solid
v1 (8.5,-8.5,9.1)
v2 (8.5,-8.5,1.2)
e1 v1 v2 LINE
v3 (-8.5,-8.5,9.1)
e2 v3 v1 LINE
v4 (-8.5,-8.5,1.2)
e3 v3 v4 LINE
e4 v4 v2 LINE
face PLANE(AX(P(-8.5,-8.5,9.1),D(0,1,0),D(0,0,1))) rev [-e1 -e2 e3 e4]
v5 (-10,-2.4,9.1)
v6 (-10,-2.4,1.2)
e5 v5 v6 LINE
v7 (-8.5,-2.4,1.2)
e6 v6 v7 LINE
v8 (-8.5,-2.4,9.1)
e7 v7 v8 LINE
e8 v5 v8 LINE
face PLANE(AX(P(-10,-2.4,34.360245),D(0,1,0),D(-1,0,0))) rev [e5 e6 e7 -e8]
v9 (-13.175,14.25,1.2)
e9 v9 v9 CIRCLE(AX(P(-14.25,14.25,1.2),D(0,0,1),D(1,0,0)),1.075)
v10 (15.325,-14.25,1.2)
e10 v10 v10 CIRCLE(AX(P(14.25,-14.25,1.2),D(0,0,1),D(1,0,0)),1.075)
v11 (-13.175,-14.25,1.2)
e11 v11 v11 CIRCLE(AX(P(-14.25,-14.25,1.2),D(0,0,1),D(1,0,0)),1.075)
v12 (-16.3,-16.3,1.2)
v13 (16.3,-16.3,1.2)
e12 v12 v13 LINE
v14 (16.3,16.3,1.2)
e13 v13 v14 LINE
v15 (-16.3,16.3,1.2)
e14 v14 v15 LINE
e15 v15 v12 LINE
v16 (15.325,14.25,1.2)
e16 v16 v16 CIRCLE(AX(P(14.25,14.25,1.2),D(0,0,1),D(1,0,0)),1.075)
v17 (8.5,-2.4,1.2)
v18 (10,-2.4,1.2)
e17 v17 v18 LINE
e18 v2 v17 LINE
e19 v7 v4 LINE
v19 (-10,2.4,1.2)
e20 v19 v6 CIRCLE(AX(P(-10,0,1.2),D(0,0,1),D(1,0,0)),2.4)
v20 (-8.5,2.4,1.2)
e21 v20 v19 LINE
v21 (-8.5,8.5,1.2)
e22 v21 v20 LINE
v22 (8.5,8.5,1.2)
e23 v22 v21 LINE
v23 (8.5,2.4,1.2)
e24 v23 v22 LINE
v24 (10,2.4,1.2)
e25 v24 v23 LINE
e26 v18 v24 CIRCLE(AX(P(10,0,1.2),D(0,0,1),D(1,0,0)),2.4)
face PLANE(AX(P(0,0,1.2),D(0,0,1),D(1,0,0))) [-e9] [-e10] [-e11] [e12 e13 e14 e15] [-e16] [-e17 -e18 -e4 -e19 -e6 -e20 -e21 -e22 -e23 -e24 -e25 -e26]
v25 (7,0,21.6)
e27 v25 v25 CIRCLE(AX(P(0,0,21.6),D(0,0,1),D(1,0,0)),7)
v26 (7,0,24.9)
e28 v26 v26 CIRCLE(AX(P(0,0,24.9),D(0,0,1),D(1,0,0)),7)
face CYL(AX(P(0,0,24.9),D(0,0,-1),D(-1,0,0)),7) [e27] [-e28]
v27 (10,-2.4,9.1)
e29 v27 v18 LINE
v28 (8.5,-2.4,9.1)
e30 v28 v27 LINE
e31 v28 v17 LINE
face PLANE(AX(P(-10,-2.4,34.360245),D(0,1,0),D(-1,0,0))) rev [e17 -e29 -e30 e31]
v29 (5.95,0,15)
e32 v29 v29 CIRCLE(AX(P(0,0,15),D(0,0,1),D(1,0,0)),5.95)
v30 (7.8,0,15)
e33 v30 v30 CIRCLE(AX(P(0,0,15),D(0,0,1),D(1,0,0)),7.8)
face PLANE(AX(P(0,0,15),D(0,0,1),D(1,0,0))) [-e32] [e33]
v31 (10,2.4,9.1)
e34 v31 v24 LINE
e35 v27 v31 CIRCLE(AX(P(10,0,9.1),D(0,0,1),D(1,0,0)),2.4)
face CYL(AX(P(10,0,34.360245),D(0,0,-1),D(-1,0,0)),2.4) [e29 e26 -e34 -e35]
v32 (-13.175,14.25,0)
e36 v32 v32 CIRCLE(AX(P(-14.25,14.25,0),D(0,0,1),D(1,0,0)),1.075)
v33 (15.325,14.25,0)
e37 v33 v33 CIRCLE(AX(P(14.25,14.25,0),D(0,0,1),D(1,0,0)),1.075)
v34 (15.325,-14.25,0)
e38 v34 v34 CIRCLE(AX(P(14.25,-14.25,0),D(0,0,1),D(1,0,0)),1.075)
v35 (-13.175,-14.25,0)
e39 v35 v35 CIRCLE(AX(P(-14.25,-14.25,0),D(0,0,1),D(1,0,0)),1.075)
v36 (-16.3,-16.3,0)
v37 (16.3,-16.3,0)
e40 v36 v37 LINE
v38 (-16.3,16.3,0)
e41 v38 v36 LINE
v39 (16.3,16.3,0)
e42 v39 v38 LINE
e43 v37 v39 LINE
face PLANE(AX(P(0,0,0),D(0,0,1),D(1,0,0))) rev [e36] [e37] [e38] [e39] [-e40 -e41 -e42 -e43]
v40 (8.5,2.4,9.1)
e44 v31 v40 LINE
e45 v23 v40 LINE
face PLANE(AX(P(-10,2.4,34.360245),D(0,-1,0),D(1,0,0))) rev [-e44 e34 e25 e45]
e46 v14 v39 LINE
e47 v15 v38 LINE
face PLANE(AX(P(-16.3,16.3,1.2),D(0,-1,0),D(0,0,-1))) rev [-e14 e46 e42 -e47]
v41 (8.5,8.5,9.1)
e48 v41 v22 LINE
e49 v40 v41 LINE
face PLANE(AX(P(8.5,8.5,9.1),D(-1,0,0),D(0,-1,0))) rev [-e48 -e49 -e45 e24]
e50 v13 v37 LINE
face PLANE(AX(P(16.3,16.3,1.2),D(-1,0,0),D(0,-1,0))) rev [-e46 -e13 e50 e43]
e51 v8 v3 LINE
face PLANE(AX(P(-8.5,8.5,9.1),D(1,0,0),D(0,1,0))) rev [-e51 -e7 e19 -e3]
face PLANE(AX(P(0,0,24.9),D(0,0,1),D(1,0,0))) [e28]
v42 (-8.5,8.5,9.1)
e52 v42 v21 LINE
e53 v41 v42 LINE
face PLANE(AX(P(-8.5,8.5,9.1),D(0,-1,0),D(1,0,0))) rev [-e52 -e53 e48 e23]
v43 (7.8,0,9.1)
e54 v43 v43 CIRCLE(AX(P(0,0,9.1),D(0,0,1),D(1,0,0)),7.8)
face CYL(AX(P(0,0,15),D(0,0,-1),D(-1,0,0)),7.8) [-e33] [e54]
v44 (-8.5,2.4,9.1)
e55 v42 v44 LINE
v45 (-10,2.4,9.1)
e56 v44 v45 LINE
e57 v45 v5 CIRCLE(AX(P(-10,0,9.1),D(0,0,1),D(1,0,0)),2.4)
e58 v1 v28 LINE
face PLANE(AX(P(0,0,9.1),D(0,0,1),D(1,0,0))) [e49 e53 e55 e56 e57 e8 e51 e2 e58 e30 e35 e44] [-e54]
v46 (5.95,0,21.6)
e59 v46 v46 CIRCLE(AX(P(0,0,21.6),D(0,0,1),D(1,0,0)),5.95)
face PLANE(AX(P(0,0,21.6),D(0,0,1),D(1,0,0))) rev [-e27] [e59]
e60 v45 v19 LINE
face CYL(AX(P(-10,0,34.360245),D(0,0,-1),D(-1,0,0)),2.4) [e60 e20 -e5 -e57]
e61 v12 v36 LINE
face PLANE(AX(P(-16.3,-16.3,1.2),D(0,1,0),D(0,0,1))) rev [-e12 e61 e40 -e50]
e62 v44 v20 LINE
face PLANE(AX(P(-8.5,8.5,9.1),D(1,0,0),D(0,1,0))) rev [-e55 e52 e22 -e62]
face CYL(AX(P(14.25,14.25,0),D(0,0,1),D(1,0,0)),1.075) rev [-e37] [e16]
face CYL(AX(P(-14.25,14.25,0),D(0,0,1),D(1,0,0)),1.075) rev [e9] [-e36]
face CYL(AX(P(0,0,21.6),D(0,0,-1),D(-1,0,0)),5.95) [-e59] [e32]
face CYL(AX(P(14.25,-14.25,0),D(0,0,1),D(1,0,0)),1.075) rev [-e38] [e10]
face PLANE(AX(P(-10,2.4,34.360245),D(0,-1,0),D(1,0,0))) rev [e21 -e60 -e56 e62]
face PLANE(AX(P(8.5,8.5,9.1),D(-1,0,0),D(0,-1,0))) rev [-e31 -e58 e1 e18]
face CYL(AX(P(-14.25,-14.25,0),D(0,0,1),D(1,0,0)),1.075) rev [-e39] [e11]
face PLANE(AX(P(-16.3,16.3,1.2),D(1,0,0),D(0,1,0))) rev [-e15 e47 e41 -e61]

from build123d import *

# Parameters (mm, degrees)
SKETCH1_W           = 32.6
SKETCH1_H           = 32.6
BOSS_EXTRUDE1_DEPTH = 1.2
SKETCH3_R           = 1.075
CUT_EXTRUDE1_DEPTH  = 24.082894099
SKETCH4_W           = 17
SKETCH4_H           = 17
BOSS_EXTRUDE2_DEPTH = 7.9
BOSS_EXTRUDE3_DEPTH = 7.9
SKETCH6_R           = 7.8
BOSS_EXTRUDE4_DEPTH = 5.9
SKETCH7_R           = 5.95
BOSS_EXTRUDE5_DEPTH = 6.6
SKETCH8_R           = 7
BOSS_EXTRUDE6_DEPTH = 3.3


with BuildPart() as part:
    # Sketch1 → Boss-Extrude1 (new body)
    with BuildSketch(Plane.XY):
        Rectangle(SKETCH1_W, SKETCH1_H)
    extrude(amount=BOSS_EXTRUDE1_DEPTH)

    # Sketch3 → Cut-Extrude1 (cut, through all)
    with BuildSketch(Plane.XY.offset(1.2)):
        with Locations((-14.25, 14.25)):
            Circle(SKETCH3_R)
        with Locations((14.25, 14.25)):
            Circle(SKETCH3_R)
        with Locations((14.25, -14.25)):
            Circle(SKETCH3_R)
        with Locations((-14.25, -14.25)):
            Circle(SKETCH3_R)
    extrude(amount=-CUT_EXTRUDE1_DEPTH, mode=Mode.SUBTRACT)

    # Sketch4 → Boss-Extrude2 (add)
    with BuildSketch(Plane.XY.offset(1.2)):
        Rectangle(SKETCH4_W, SKETCH4_H)
    extrude(amount=BOSS_EXTRUDE2_DEPTH)

    # Sketch5 → Boss-Extrude3 (add)
    with BuildSketch(Plane.XY.offset(1.2)):
        with BuildLine():
            Line((-10, 2.4), (10, 2.4))
            ThreePointArc((10, 2.4), (12.4, 0), (10, -2.4))
            Line((10, -2.4), (-10, -2.4))
            ThreePointArc((-10, -2.4), (-12.4, 0), (-10, 2.4))
        make_face()
    extrude(amount=BOSS_EXTRUDE3_DEPTH)

    # Sketch6 → Boss-Extrude4 (add)
    with BuildSketch(Plane.XY.offset(9.1)):
        Circle(SKETCH6_R)
    extrude(amount=BOSS_EXTRUDE4_DEPTH)

    # Sketch7 → Boss-Extrude5 (add)
    with BuildSketch(Plane.XY.offset(15)):
        Circle(SKETCH7_R)
    extrude(amount=BOSS_EXTRUDE5_DEPTH)

    # Sketch8 → Boss-Extrude6 (add)
    with BuildSketch(Plane.XY.offset(21.6)):
        Circle(SKETCH8_R)
    extrude(amount=BOSS_EXTRUDE6_DEPTH)


solid = part.part
